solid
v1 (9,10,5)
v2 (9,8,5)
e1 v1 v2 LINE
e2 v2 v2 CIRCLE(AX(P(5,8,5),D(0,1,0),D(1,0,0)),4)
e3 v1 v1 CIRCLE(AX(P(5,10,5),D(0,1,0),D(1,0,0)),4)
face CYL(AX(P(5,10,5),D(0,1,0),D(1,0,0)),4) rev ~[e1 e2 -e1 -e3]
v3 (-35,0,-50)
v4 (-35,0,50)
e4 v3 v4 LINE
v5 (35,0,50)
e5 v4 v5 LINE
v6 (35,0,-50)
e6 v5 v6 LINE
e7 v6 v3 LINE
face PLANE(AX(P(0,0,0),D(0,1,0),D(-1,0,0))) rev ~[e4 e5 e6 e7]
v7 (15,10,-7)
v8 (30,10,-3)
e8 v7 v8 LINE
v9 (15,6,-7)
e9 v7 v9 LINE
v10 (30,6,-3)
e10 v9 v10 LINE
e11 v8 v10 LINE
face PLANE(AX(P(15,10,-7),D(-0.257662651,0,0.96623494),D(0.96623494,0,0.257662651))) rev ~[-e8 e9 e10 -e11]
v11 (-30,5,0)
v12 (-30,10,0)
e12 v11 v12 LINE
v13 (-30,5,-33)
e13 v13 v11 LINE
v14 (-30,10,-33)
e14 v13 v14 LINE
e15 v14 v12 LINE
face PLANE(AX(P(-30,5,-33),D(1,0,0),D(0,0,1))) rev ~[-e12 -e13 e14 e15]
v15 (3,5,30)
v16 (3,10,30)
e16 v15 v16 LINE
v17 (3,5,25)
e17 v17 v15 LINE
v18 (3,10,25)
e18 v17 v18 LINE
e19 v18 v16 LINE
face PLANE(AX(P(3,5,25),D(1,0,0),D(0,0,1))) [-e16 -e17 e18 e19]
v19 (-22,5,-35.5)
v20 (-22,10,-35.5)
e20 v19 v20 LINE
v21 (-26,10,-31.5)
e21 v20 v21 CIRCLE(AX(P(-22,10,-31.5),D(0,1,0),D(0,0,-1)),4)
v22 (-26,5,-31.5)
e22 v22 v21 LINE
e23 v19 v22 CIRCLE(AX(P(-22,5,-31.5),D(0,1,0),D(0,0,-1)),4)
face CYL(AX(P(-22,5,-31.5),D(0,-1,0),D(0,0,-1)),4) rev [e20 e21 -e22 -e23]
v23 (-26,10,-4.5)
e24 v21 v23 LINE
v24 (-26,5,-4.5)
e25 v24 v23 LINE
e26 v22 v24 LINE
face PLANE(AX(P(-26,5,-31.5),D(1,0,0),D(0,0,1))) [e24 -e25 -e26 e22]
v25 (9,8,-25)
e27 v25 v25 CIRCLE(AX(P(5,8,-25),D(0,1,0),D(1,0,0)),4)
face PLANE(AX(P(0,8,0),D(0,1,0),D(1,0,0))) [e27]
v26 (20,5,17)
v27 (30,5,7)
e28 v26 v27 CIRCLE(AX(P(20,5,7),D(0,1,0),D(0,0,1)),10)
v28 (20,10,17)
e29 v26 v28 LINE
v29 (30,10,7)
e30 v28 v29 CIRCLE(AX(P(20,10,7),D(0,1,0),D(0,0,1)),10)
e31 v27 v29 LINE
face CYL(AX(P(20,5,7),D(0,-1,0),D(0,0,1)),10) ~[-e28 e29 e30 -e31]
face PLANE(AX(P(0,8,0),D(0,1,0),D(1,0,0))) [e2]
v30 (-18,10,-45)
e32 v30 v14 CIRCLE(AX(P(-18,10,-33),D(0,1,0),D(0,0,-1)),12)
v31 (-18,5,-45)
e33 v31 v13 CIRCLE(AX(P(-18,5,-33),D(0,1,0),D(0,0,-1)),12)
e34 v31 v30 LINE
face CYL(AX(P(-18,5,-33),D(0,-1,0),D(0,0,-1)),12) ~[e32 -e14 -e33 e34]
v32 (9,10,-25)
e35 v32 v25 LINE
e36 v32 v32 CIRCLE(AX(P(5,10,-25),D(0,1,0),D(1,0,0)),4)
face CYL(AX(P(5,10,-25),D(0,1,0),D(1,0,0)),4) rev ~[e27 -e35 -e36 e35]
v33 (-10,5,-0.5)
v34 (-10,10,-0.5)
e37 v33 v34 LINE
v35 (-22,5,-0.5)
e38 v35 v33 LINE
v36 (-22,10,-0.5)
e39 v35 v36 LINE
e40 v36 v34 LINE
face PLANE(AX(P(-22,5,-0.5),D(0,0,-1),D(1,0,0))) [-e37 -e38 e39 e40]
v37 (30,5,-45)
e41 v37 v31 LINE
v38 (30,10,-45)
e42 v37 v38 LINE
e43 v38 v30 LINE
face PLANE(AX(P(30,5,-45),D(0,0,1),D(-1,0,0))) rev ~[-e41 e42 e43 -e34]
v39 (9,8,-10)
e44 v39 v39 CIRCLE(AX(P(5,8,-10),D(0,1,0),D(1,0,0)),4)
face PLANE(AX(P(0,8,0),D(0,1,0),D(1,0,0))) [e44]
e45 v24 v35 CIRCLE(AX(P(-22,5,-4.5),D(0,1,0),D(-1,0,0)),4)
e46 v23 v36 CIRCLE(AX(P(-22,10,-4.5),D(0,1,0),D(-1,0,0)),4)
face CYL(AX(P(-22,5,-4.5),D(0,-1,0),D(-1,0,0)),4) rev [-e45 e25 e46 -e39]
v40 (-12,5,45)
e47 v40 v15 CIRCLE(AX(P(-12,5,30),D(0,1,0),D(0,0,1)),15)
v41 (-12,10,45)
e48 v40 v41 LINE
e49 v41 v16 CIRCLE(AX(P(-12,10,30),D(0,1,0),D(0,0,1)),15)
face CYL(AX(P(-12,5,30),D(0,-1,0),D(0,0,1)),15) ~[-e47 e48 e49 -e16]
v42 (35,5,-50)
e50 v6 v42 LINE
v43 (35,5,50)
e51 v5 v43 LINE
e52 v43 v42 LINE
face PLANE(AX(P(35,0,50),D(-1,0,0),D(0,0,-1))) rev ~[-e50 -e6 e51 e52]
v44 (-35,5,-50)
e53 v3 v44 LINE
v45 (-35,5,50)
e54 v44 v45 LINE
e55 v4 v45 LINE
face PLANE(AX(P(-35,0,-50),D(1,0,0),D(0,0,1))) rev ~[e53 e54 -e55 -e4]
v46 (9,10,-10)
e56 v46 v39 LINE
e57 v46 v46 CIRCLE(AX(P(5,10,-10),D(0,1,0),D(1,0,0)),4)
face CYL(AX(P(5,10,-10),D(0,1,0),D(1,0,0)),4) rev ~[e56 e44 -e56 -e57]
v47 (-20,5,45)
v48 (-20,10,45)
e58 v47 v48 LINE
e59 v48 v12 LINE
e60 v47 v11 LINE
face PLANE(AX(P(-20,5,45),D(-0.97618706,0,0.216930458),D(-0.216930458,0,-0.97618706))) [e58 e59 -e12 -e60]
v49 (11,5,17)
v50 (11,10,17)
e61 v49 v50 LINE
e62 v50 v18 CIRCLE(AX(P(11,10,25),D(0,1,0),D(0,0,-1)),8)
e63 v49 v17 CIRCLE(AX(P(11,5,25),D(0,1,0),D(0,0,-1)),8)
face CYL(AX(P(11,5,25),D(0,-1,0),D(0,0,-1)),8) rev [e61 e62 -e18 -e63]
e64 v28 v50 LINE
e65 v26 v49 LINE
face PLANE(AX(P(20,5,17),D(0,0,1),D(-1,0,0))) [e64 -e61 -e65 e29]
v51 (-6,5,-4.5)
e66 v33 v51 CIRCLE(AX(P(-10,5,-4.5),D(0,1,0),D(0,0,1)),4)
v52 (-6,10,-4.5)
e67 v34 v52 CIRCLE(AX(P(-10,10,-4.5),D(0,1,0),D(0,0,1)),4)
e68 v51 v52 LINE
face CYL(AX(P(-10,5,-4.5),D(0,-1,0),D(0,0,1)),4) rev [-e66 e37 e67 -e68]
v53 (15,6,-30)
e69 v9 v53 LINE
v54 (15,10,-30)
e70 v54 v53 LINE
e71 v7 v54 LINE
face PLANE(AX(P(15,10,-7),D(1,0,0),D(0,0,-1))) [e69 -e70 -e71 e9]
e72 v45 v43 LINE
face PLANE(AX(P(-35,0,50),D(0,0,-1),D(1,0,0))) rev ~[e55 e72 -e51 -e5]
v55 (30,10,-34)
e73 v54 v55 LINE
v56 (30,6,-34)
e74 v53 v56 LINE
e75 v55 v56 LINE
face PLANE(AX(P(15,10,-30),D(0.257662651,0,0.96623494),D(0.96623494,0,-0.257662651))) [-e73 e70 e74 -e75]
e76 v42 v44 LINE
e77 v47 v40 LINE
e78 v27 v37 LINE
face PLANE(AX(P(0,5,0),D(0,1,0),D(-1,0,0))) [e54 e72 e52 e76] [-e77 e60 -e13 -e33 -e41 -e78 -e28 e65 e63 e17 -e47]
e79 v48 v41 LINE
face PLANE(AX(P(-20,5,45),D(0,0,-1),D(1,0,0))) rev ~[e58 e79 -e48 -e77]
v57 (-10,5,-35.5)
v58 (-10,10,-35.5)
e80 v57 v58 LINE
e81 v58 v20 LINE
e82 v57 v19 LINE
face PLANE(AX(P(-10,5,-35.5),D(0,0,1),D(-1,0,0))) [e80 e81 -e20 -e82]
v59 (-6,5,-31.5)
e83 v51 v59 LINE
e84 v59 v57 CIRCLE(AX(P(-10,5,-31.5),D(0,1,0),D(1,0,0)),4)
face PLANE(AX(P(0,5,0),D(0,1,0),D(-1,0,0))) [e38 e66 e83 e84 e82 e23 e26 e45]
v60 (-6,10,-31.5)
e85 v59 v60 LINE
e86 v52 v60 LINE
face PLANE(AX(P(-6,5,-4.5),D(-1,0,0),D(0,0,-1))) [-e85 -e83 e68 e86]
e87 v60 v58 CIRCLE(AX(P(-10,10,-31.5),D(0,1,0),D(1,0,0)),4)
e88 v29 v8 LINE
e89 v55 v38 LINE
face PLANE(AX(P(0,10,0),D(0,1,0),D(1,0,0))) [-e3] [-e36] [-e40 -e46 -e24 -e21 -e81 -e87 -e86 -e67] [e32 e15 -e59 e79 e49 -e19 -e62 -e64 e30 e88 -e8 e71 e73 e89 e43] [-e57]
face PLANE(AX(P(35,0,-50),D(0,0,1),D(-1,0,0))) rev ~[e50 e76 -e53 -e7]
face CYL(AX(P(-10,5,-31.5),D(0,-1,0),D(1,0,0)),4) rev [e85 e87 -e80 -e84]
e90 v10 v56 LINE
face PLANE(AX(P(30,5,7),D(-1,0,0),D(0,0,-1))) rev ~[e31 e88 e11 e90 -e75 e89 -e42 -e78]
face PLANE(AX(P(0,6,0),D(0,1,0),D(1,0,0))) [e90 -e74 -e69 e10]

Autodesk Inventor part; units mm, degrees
ref_plane "YZ Plane" through (0, 0, 0) normal (1, 0, 0) x (0, 1, 0)
ref_plane "XZ Plane" through (0, 0, 0) normal (0, 1, 0) x (-1, 0, 0)
ref_plane "XY Plane" through (0, 0, 0) normal (0, 0, 1) x (1, 0, 0)
sketch "Sketch1" plane through (0, 0, 0) normal (0, 1, 0) x (-1, 0, 0)
  line L0 (35, 50) -> (-35, 50)
  line L1 (-35, 50) -> (-35, -50)
  line L2 (-35, -50) -> (35, -50)
  line L3 (35, -50) -> (35, 50)
  line L4 (35, 50) -> (-35, -50) construction
  line L5 (-35, 50) -> (35, -50) construction
  point P0 (0, 0)
  dimension "d0" = 70
  dimension "d1" = 100
extrude "Extrusion1" add sketch "Sketch1" along normal blind 5
sketch "Sketch2" plane through (0, 5, 0) normal (0, 1, 0) x (1, 0, 0)
  line L0 (-20, -45) -> (-12, -45)
  line L1 (30, -7) -> (30, 45)
  line L2 (30, 45) -> (-18, 45)
  line L3 (-30, 33) -> (-30, 0)
  line L4 (-30, -45) -> (30, 45) construction
  line L5 (30, -45) -> (-30, 45) construction
  line L6 (-20, -45) -> (-30, 0)
  line L7 (-35, -50) -> (35, -50) projected
  line L8 (35, -50) -> (35, 50) projected
  line L9 (3, -25) -> (3, -30)
  line L10 (20, -17) -> (11, -17)
  arc A0 (11, -17) -> (3, -25) centre (11, -25) ccw
  arc A1 (20, -17) -> (30, -7) centre (20, -7) ccw
  arc A2 (-18, 45) -> (-30, 33) centre (-18, 33) ccw
  line L11 (-22, 0.5) -> (-10, 0.5)
  line L12 (-6, 4.5) -> (-6, 31.5)
  line L13 (-10, 35.5) -> (-22, 35.5)
  line L14 (-26, 31.5) -> (-26, 4.5)
  line L15 (-26, 0.5) -> (-6, 35.5) construction
  line L16 (-6, 0.5) -> (-26, 35.5) construction
  arc A3 (-12, -45) -> (3, -30) centre (-12, -30) ccw
  arc A4 (-26, 4.5) -> (-22, 0.5) centre (-22, 4.5) ccw
  arc A5 (-22, 35.5) -> (-26, 31.5) centre (-22, 31.5) ccw
  arc A6 (-6, 31.5) -> (-10, 35.5) centre (-10, 31.5) ccw
  arc A7 (-10, 0.5) -> (-6, 4.5) centre (-10, 4.5) ccw
  point P0 (0, 0)
  point P1 (3, -45)
  point P2 (-16, 18)
  dimension "d4" = 60
  dimension "d5" = 90
  dimension "d6" = 50
  dimension "d7" = 55
  dimension "d8" = 32
  dimension "d10" = 8
  dimension "d11" = 10
  dimension "d12" = 12
  dimension "d22" = 20
  dimension "d23" = 35
  dimension "d24" = 68
  dimension "d25" = 51
  dimension "d26" = 15
  dimension "d39" = 4
extrude "Extrusion2" add sketch "Sketch2" along normal blind 5
sketch "Sketch3" plane through (0, 10, 0) normal (0, 1, 0) x (1, 0, 0)
  line L0 (15, 7) -> (15, 30)
  line L1 (15, 30) -> (30, 34)
  line L2 (30, -7) -> (30, 45) projected
  line L3 (15, 7) -> (30, 3)
  line L4 (-35, -50) -> (35, -50) projected
  line L5 (30, 3) -> (30, 34)
  point P0 (0, 0)
  dimension "d15" = 23
  dimension "d16" = 15
  dimension "d17" = 53
  dimension "d18" = 57
  dimension "d19" = 84
extrude "Extrusion3" cut sketch "Sketch3" against normal blind 4
sketch "Sketch4" plane through (0, 10, 0) normal (0, 1, 0) x (1, 0, 0)
  circle A0 centre (5, -5) radius 4
  line L0 (-35, -50) -> (35, -50) projected
  line L1 (35, -50) -> (35, 50) projected
  circle A1 centre (5, 10) radius 4
  circle A2 centre (5, 25) radius 4
  point P0 (0, 0)
  dimension "d27" = 8
  dimension "d28" = 45
  dimension "d29" = 30
  dimension "d32" = 15
extrude "Extrusion4" cut sketch "Sketch4" against normal blind 2
properties part number "A2P4"
